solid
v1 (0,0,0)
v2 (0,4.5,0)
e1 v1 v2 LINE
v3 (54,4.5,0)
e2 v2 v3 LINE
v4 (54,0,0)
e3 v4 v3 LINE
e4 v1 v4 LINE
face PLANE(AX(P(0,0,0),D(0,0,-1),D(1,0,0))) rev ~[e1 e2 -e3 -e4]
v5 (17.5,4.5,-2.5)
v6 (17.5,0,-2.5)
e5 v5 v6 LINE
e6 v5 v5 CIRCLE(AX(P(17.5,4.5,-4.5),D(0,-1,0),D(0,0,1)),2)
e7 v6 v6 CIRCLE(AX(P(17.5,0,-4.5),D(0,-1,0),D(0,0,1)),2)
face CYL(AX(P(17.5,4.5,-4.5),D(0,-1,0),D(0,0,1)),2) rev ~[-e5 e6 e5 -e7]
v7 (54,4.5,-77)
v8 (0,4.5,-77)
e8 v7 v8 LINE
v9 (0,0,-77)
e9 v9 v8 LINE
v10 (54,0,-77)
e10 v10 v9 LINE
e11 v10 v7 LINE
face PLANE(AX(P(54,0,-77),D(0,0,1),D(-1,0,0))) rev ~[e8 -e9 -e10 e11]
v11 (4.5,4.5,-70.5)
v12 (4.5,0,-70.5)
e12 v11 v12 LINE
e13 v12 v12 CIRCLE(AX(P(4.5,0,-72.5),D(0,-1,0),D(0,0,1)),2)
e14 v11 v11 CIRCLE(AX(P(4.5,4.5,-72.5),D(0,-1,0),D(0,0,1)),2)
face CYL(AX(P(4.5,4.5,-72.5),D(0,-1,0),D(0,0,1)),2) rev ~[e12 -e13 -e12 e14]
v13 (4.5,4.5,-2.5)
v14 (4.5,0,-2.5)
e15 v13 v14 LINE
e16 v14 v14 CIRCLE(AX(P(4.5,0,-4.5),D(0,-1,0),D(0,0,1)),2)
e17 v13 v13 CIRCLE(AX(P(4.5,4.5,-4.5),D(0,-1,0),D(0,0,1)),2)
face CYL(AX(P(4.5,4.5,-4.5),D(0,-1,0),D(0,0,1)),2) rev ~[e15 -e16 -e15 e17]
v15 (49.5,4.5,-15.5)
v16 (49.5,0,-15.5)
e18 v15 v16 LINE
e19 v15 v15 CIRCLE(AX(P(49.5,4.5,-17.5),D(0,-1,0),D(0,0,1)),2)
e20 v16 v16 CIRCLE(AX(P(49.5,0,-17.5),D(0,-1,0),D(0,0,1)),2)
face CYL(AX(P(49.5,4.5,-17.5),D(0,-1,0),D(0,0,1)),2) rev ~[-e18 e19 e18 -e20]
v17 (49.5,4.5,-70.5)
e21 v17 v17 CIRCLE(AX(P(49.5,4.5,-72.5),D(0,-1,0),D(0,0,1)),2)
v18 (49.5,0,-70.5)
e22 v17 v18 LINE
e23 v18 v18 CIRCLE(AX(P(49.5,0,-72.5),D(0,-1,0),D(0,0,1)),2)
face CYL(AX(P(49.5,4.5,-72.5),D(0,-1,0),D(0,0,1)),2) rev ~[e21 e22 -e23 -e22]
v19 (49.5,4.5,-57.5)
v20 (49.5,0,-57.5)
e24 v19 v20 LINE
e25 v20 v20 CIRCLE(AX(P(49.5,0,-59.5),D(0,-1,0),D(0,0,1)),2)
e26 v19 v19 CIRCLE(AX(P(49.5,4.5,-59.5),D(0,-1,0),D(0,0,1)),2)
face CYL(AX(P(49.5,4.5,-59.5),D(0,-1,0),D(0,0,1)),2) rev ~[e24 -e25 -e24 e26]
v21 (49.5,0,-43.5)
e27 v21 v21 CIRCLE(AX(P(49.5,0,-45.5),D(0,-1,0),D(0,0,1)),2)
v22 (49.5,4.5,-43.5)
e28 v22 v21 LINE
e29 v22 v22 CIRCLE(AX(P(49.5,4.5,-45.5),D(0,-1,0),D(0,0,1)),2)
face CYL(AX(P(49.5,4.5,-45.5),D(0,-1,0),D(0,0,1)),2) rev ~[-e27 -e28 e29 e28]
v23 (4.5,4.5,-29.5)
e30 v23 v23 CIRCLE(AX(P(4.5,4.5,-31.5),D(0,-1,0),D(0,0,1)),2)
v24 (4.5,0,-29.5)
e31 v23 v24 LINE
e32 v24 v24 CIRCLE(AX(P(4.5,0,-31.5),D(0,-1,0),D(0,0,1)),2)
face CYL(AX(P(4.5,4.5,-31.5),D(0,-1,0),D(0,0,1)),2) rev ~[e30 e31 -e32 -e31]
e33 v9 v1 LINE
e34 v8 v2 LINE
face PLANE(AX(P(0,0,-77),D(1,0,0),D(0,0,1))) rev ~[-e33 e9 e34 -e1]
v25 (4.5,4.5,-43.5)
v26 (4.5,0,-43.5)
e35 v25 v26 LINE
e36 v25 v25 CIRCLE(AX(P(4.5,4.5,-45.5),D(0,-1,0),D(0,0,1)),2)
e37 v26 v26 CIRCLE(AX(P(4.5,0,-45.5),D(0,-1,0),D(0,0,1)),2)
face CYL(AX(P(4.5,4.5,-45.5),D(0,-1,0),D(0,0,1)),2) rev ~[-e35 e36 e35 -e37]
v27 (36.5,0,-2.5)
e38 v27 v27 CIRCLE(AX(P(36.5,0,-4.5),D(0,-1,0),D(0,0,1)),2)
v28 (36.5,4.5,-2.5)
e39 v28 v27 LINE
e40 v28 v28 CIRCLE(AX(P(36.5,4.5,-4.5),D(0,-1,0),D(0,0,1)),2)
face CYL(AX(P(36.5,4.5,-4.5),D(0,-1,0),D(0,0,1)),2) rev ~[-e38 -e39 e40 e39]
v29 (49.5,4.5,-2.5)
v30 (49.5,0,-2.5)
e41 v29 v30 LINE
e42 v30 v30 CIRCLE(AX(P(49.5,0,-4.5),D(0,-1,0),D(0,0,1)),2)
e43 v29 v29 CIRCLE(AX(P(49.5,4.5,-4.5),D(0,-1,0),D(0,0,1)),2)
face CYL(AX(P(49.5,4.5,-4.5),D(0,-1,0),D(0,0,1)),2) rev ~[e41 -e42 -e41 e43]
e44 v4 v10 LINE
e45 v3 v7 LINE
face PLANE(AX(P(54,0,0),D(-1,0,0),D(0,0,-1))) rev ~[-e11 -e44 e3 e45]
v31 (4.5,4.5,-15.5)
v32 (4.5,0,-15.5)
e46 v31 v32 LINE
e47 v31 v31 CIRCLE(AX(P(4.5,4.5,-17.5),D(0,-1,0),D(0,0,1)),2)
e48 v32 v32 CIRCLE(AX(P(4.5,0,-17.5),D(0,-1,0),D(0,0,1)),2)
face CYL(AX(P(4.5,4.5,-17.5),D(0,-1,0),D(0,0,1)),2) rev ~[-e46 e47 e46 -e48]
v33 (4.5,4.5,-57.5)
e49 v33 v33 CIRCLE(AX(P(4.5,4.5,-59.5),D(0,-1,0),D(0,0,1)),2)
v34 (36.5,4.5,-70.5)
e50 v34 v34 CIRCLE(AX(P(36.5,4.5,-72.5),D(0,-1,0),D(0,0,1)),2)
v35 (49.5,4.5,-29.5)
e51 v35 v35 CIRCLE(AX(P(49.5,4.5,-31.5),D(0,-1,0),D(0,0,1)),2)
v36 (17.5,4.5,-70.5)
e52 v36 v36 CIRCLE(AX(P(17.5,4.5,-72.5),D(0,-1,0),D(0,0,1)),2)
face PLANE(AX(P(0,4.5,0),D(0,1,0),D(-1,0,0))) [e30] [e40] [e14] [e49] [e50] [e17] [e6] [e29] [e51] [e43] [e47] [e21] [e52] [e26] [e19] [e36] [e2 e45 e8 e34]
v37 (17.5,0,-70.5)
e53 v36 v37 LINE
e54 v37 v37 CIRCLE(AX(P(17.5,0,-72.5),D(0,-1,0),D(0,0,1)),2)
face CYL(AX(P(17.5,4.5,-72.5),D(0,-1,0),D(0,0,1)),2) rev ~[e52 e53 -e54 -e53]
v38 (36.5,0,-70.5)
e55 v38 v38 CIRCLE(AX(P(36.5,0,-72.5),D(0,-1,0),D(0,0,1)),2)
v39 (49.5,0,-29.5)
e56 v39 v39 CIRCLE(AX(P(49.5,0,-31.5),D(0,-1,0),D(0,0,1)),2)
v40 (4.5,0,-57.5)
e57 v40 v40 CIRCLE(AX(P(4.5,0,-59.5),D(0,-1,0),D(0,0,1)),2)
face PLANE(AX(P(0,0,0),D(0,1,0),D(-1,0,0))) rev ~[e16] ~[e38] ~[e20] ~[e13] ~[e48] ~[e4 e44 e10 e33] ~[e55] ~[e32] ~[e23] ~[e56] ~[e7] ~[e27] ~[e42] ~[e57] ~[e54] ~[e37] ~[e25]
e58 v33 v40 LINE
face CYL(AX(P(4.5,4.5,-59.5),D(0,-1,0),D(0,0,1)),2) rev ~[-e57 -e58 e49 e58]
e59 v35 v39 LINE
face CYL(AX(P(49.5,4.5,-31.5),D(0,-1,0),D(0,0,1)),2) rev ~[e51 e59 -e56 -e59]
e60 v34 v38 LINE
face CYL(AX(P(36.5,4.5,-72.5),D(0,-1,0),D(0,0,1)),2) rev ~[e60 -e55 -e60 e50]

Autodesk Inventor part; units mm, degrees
ref_plane "YZ Plane" through (0, 0, 0) normal (1, 0, 0) x (0, 1, 0)
ref_plane "XZ Plane" through (0, 0, 0) normal (0, 1, 0) x (-1, 0, 0)
ref_plane "XY Plane" through (0, 0, 0) normal (0, 0, 1) x (1, 0, 0)
sketch "Sketch1" plane through (0, 0, 0) normal (0, 1, 0) x (-1, 0, 0)
  line L0 (0, 0) -> (-54, 0)
  line L1 (-54, 0) -> (-54, -77)
  line L2 (-54, -77) -> (0, -77)
  line L3 (0, -77) -> (0, 0)
  dimension "d0" = 77
  dimension "d1" = 54
extrude "Extrusion1" add sketch "Sketch1" along normal blind 4.5
sketch "Sketch2" plane through (0, 4.5, 0) normal (0, 1, 0) x (1, 0, 0)
  line L0 (4.5, 4.5) -> (49.5, 4.5) construction
  line L1 (49.5, 4.5) -> (49.5, 72.5) construction
  line L2 (49.5, 72.5) -> (4.5, 72.5) construction
  line L3 (4.5, 72.5) -> (4.5, 4.5) construction
  circle A0 centre (4.5, 4.5) radius 2
  circle A1 centre (17.5, 4.5) radius 2
  circle A2 centre (36.5, 4.5) radius 2
  circle A3 centre (49.5, 4.5) radius 2
  circle A4 centre (4.5, 17.5) radius 2
  circle A5 centre (4.5, 31.5) radius 2
  circle A6 centre (4.5, 59.5) radius 2
  circle A7 centre (4.5, 72.5) radius 2
  circle A8 centre (17.5, 72.5) radius 2
  circle A9 centre (36.5, 72.5) radius 2
  circle A10 centre (49.5, 72.5) radius 2
  circle A11 centre (49.5, 59.5) radius 2
  circle A12 centre (49.5, 45.5) radius 2
  circle A13 centre (49.5, 31.5) radius 2
  circle A14 centre (49.5, 17.5) radius 2
  line L4 (54, 0) -> (54, 77) projected
  line L5 (0, 0) -> (54, 0) projected
  line L6 (54, 77) -> (0, 77) projected
  line L7 (0, 77) -> (0, 0) projected
  circle A15 centre (4.5, 45.5) radius 2
  dimension "d4" = 4
  dimension "d5" = 4
  dimension "d6" = 4
  dimension "d7" = 4
  dimension "d8" = 4
  dimension "d9" = 4
  dimension "d11" = 4
  dimension "d12" = 4
  dimension "d13" = 4
  dimension "d14" = 4
  dimension "d15" = 4
  dimension "d16" = 4
  dimension "d17" = 4
  dimension "d18" = 4
  dimension "d19" = 4
  dimension "d20" = 4.5
  dimension "d21" = 4.5
  dimension "d22" = 4.5
  dimension "d23" = 4.5
  dimension "d24" = 13
  dimension "d25" = 14
  dimension "d26" = 13
  dimension "d27" = 4
  dimension "d28" = 14
  dimension "d29" = 13
  dimension "d30" = 19
  dimension "d31" = 13
  dimension "d32" = 14
  dimension "d33" = 14
  dimension "d34" = 14
  dimension "d35" = 13
  dimension "d36" = 19
hole "Hole1" at (4.5, 4.5, -4.5) at (17.5, 4.5, -4.5) at (4.5, 4.5, -17.5) at (36.5, 4.5, -4.5) at (4.5, 4.5, -31.5) at (49.5, 4.5, -4.5) at (49.5, 4.5, -17.5) at (4.5, 4.5, -45.5) at (4.5, 4.5, -59.5) at (4.5, 4.5, -72.5) at (17.5, 4.5, -72.5) at (36.5, 4.5, -72.5) at (49.5, 4.5, -72.5) at (49.5, 4.5, -59.5) at (49.5, 4.5, -45.5) at (49.5, 4.5, -31.5) direction (0, -1, 0) diameter 4 depth 10 tip angle 118
properties part number "1-35" material "Bronze, Soft Tin"
